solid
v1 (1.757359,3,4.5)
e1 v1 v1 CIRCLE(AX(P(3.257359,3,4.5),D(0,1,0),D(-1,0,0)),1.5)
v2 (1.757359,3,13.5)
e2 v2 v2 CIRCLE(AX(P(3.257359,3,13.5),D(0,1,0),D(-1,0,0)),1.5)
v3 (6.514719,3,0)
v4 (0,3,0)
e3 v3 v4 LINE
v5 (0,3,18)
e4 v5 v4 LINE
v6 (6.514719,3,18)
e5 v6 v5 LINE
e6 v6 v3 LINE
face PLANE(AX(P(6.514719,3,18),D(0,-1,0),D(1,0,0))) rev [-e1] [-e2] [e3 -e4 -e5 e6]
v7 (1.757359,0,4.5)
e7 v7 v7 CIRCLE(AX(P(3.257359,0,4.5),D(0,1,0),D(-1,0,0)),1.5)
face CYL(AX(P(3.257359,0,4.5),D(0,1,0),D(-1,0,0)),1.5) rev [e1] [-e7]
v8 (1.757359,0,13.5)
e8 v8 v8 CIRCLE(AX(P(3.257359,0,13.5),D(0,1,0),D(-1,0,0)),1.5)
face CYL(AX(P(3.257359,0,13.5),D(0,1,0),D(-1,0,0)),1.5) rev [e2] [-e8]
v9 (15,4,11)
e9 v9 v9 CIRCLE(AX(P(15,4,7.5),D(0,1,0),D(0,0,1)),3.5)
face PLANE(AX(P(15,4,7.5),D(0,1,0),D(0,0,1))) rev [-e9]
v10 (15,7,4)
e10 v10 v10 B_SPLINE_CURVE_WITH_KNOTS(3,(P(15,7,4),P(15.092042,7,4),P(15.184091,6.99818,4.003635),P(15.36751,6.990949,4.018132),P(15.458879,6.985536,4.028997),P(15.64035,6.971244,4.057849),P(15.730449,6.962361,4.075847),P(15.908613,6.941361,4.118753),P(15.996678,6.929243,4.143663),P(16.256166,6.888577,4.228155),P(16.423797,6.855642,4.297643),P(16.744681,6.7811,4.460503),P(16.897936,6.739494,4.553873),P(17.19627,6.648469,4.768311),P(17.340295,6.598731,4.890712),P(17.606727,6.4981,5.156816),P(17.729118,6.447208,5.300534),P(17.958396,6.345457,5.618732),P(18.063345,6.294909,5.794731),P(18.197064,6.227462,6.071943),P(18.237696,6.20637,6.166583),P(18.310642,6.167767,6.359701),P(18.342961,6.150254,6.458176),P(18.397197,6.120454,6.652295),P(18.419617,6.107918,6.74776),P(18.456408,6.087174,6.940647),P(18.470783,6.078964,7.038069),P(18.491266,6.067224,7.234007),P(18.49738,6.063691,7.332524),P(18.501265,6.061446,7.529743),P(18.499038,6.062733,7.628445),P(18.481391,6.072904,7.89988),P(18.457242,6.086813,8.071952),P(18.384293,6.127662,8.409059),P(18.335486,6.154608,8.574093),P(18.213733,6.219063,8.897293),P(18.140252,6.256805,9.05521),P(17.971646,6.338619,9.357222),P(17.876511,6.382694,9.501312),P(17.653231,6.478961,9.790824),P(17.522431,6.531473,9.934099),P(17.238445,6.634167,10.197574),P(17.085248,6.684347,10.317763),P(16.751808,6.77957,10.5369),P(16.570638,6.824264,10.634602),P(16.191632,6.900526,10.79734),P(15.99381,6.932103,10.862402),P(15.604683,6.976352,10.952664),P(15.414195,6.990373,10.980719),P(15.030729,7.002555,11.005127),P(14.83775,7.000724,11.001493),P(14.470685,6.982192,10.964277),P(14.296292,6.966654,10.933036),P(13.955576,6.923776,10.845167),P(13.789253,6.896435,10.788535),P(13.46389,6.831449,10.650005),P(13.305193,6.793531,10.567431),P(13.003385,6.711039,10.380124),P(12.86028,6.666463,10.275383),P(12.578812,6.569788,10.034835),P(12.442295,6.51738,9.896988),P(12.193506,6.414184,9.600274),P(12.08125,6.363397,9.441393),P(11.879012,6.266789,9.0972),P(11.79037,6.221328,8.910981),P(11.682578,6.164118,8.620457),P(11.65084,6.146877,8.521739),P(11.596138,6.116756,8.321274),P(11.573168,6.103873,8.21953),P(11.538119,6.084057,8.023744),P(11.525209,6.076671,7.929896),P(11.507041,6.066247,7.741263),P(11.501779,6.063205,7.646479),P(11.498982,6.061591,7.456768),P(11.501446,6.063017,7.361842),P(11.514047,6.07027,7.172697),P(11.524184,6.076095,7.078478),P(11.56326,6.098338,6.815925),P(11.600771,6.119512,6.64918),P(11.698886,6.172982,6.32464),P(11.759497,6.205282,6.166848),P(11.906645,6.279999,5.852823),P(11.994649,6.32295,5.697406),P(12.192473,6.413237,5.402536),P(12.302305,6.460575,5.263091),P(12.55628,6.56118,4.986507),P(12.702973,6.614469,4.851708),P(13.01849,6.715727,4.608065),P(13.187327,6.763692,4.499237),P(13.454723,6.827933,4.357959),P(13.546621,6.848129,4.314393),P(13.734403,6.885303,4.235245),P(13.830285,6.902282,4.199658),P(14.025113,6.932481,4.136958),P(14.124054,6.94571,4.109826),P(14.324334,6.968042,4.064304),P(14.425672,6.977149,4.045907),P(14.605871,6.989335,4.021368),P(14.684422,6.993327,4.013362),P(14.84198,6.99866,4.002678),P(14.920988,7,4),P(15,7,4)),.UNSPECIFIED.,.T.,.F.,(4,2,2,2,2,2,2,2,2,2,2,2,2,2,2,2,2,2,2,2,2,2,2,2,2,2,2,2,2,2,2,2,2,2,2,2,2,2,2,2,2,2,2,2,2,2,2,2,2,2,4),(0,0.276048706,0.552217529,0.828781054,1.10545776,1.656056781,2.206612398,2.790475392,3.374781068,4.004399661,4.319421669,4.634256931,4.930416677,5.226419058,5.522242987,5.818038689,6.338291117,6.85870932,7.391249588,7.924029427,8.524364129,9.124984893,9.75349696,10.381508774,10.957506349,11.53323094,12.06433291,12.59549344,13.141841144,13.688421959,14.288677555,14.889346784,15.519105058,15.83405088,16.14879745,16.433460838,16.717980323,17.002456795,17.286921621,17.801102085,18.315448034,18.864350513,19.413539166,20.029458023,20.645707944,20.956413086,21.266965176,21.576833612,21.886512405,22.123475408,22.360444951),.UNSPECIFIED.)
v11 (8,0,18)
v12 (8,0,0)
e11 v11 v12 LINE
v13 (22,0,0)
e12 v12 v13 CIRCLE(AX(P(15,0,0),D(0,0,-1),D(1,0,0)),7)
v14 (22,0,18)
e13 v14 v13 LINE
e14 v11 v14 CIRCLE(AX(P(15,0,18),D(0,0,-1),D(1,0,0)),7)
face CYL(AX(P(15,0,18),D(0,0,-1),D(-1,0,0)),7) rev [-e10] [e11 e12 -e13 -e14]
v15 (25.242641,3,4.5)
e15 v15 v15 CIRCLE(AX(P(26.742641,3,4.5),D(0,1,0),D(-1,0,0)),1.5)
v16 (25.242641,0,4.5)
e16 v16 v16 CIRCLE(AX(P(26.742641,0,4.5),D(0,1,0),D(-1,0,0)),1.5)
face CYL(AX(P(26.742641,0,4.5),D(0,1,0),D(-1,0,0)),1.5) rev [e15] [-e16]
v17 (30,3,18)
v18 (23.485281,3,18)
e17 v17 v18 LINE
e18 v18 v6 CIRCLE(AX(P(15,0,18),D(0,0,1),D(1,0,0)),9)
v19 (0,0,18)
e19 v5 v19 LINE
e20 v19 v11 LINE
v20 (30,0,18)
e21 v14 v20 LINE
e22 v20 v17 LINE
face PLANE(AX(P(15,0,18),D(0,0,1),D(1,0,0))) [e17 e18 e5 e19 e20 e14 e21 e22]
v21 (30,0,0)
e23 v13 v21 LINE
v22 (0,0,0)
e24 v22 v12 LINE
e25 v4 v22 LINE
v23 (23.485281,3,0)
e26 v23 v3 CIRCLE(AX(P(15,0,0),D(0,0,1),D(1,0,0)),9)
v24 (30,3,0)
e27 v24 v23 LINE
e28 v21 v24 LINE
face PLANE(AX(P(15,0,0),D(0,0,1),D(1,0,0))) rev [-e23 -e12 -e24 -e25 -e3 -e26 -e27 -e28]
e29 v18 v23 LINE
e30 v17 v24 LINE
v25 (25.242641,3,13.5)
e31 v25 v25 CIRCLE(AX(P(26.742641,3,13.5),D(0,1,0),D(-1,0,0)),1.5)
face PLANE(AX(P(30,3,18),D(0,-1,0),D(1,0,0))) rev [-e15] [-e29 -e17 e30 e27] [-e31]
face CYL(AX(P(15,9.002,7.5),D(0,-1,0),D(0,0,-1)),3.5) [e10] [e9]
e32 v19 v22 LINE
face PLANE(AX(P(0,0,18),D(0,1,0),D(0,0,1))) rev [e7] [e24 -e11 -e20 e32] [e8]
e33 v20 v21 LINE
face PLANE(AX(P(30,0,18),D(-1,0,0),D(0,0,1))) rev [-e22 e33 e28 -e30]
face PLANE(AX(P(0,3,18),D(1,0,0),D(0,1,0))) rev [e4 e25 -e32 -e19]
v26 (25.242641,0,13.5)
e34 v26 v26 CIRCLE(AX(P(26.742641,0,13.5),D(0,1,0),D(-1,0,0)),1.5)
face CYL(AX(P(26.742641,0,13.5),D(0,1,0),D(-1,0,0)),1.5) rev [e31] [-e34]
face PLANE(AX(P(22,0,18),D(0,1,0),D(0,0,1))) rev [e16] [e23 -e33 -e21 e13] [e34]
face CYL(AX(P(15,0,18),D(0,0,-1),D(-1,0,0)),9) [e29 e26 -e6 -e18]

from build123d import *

# Parameters (mm, degrees)
EXTRUDE_1_DEPTH      = 18
EXTRUDE_2_REACH      = 37.341
EXTRUDE_2_END_RADIUS = 7
SKETCH_3_R           = 3.5
CUT_EXTRUDE_1_DEPTH  = 3


with BuildPart() as part:
    # 草图1 → 凸台-拉伸1 (new body)
    with BuildSketch(Plane.XY):
        with BuildLine():
            Line((0, 0), (8, 0))
            ThreePointArc((8, 0), (15, 7), (22, 0))
            Line((22, 0), (30, 0))
            Line((30, 0), (30, 3))
            Line((30, 3), (23.485281374, 3))
            ThreePointArc((23.485281374, 3), (15, 9), (6.514718626, 3))
            Line((6.514718626, 3), (0, 3))
            Line((0, 3), (0, 0))
        make_face()
    extrude(amount=EXTRUDE_1_DEPTH)

    # 凸台-拉伸2: up to this cylinder (the profile starts inside it)
    extrude_2_end = Plane(origin=(15, 0, 7.5), z_dir=(0, 0, -1)) * Cylinder(EXTRUDE_2_END_RADIUS, 89.682, mode=Mode.PRIVATE)
    # 草图3 → 凸台-拉伸2 (add, up to the surface)
    with BuildSketch(Plane(origin=(0, 4, 0), x_dir=(1, 0, 0), z_dir=(0, 1, 0)), mode=Mode.PRIVATE) as extrude_2_sk1:
        with Locations(Location((15, -7.5, 0), (0, 0, 90))):
            Circle(SKETCH_3_R)
    extrude_2_tool1 = extrude(extrude_2_sk1.sketch, amount=EXTRUDE_2_REACH, mode=Mode.PRIVATE) & extrude_2_end
    add(extrude_2_tool1.solids().sort_by_distance((15, 4, 7.5))[0])

    # 草图4 → 切除-拉伸1 (cut)
    with BuildSketch(Plane(origin=(0, 3, 0), x_dir=(1, 0, 0), z_dir=(0, 1, 0))):
        with BuildLine():
            ThreePointArc((4.757359313, -4.5), (4.318019485, -3.439339828), (3.257359313, -3))
            Line((3.257359313, -3), (3.257359313, -6))
            ThreePointArc((3.257359313, -6), (4.318019485, -5.560660172), (4.757359313, -4.5))
        make_face()
        with BuildLine():
            Line((3.257359313, -6), (3.257359313, -3))
            ThreePointArc((3.257359313, -3), (1.757359313, -4.5), (3.257359313, -6))
        make_face()
        with BuildLine():
            ThreePointArc((4.757359313, -13.5), (4.318019485, -12.439339828), (3.257359313, -12))
            Line((3.257359313, -12), (3.257359313, -15))
            ThreePointArc((3.257359313, -15), (4.318019485, -14.560660172), (4.757359313, -13.5))
        make_face()
        with BuildLine():
            Line((3.257359313, -15), (3.257359313, -12))
            ThreePointArc((3.257359313, -12), (1.757359313, -13.5), (3.257359313, -15))
        make_face()
        with BuildLine():
            ThreePointArc((28.242640687, -4.5), (27.803300859, -3.439339828), (26.742640687, -3))
            Line((26.742640687, -3), (26.742640687, -6))
            ThreePointArc((26.742640687, -6), (27.803300859, -5.560660172), (28.242640687, -4.5))
        make_face()
        with BuildLine():
            Line((26.742640687, -6), (26.742640687, -3))
            ThreePointArc((26.742640687, -3), (25.242640687, -4.5), (26.742640687, -6))
        make_face()
        with BuildLine():
            ThreePointArc((28.242640687, -13.5), (27.803300859, -12.439339828), (26.742640687, -12))
            Line((26.742640687, -12), (26.742640687, -15))
            ThreePointArc((26.742640687, -15), (27.803300859, -14.560660172), (28.242640687, -13.5))
        make_face()
        with BuildLine():
            Line((26.742640687, -15), (26.742640687, -12))
            ThreePointArc((26.742640687, -12), (25.242640687, -13.5), (26.742640687, -15))
        make_face()
    extrude(amount=-CUT_EXTRUDE_1_DEPTH, mode=Mode.SUBTRACT)


solid = part.part
